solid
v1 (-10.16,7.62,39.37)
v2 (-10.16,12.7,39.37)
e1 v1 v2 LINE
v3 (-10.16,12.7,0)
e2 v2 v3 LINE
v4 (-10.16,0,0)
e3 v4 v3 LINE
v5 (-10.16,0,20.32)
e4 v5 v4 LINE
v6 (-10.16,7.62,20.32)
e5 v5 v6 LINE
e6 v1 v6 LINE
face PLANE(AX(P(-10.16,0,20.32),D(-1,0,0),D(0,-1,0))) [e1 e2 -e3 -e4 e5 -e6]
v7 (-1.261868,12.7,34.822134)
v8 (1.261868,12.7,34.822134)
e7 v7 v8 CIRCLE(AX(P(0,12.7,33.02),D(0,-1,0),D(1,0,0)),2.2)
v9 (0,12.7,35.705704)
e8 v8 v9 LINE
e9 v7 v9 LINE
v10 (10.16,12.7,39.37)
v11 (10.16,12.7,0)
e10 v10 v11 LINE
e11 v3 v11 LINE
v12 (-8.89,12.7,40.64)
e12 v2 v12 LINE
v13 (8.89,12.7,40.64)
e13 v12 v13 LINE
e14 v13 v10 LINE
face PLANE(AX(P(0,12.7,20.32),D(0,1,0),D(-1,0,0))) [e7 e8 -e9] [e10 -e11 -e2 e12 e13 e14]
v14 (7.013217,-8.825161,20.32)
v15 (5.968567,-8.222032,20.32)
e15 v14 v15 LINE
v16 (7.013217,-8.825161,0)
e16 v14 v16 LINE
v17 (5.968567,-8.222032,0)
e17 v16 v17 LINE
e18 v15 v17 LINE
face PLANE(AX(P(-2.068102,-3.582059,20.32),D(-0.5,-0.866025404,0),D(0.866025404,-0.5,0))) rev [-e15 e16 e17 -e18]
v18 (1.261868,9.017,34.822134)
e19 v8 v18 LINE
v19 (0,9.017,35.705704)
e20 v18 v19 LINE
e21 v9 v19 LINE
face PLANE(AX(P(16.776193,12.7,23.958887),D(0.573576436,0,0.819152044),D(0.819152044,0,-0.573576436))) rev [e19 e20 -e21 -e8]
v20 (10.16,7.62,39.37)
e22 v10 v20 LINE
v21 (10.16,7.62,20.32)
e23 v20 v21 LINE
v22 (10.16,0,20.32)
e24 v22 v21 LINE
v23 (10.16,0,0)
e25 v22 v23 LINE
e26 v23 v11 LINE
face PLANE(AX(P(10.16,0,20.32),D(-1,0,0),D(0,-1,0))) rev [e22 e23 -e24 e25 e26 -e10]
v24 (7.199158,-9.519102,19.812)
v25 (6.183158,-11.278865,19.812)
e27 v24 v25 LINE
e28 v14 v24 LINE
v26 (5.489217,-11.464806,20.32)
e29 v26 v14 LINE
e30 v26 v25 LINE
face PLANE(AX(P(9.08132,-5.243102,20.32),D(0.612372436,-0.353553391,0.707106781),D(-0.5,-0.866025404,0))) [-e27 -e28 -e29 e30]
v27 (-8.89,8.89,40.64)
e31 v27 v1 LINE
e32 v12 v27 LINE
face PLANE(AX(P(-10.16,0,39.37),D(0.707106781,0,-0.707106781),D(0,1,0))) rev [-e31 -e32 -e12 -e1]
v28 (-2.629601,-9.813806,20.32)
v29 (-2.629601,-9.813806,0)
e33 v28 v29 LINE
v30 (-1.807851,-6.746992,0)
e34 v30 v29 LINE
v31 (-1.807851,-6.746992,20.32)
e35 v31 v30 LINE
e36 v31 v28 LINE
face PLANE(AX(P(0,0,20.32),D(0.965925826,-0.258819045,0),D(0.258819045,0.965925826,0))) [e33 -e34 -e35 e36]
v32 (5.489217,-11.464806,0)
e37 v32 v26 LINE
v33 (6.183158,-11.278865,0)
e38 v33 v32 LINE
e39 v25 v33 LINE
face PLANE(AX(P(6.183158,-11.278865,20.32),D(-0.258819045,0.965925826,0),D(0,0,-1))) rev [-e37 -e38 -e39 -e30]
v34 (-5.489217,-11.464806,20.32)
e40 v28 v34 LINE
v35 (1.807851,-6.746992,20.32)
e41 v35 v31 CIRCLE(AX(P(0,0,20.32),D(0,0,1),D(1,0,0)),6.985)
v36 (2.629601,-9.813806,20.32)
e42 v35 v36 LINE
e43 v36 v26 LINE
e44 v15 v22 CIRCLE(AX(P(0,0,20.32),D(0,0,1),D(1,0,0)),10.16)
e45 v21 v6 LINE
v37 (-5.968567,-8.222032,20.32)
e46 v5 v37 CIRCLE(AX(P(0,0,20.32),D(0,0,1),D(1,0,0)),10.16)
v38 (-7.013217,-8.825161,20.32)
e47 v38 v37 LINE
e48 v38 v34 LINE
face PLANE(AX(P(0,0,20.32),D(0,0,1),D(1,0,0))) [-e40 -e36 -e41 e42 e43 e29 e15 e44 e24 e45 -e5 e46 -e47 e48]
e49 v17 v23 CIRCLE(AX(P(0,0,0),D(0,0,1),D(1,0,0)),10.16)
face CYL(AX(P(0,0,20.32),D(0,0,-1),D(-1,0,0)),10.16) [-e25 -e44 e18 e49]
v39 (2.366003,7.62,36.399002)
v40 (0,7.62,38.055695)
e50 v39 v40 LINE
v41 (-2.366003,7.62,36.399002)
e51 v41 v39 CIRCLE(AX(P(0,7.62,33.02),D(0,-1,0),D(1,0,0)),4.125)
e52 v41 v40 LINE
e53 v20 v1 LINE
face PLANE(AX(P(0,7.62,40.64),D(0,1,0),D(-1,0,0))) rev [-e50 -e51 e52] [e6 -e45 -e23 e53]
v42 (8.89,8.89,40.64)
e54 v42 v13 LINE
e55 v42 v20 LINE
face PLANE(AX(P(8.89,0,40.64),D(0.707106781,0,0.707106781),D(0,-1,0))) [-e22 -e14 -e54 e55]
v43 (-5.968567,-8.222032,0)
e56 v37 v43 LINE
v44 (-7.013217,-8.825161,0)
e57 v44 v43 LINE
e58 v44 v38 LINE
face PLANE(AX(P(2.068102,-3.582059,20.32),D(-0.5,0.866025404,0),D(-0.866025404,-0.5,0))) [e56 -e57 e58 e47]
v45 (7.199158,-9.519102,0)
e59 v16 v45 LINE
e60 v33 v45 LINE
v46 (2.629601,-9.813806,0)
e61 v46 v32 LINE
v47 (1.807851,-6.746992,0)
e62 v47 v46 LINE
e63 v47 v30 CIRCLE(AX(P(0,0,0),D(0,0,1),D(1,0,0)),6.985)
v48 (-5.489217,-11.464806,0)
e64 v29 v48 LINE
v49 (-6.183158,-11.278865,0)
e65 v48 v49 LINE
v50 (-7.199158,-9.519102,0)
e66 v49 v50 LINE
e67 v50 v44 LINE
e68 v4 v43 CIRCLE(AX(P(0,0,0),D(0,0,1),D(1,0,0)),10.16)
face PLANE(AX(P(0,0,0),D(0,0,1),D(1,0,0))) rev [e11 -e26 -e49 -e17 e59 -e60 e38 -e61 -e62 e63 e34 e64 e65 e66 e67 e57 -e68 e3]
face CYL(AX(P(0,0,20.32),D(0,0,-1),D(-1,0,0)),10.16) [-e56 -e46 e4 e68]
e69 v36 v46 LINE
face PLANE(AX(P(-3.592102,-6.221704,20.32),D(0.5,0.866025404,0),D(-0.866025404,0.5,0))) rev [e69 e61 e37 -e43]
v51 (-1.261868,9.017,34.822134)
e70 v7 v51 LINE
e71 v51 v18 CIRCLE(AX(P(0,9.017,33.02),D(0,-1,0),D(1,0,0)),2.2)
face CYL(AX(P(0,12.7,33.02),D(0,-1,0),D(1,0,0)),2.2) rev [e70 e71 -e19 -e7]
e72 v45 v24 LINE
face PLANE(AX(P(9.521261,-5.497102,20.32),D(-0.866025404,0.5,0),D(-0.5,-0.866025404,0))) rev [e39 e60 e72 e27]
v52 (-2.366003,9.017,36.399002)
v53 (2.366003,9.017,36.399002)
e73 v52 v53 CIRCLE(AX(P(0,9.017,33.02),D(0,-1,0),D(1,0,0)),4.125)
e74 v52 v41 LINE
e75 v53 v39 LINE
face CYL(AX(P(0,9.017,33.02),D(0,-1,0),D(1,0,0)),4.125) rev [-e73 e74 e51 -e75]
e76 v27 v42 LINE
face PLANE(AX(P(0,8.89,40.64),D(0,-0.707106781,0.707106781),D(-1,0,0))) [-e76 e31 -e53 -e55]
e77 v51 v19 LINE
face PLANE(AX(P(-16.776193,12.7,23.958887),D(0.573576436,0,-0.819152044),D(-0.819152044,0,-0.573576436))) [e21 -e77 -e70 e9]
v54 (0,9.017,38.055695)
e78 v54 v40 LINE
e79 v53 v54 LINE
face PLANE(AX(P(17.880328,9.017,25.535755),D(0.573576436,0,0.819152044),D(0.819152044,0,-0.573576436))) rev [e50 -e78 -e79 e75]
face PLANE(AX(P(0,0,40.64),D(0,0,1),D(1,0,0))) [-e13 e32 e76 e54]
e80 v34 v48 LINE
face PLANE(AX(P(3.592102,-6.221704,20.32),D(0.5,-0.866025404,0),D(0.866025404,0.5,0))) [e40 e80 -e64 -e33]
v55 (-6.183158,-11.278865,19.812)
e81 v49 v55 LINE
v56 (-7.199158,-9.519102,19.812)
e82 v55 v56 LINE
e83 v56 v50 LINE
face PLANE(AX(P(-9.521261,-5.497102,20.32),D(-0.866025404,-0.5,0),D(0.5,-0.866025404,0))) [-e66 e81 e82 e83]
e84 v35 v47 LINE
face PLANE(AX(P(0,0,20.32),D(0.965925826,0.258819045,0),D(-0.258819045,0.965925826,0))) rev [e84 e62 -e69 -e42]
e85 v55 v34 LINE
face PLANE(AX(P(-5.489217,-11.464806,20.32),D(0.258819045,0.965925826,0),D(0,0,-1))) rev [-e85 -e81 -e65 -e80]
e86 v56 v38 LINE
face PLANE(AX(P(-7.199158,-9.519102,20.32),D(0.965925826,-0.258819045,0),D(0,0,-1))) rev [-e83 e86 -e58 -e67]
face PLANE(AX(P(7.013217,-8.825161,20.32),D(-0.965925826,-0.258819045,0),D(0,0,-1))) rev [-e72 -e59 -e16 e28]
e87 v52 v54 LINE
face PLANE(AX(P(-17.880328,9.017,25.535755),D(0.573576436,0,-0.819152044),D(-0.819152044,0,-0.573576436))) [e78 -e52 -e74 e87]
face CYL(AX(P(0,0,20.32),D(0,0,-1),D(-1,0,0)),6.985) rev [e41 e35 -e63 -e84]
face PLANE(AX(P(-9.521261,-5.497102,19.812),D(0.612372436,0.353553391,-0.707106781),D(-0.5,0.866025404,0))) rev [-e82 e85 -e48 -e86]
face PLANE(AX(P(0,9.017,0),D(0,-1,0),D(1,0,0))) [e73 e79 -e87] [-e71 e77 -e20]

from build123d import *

# Parameters (mm, degrees)
CLIP_DEPTH        = 20.32
SKETCH1_3_W       = 20.32
SKETCH1_3_H       = 5.08
BACK_DEPTH        = 40.64
HOLE_DEPTH        = 47.139187604
COUNTERBORE_DEPTH = 1.397
CHAMFER1_SIZE     = 1.27
CHAMFER2_SIZE     = 0.508


with BuildPart() as part:
    # Sketch1 → clip (new body)
    with BuildSketch(Plane.XY):
        with BuildLine():
            Line((-2.629601498, -9.813806395), (-1.80785103, -6.746991897))
            ThreePointArc((-1.80785103, -6.746991897), (0, 6.985), (1.80785103, -6.746991897))
            Line((1.80785103, -6.746991897), (2.629601498, -9.813806395))
            Line((2.629601498, -9.813806395), (5.929158287, -11.718806395))
            Line((5.929158287, -11.718806395), (7.453158287, -9.079160964))
            Line((7.453158287, -9.079160964), (5.96856706, -8.22203182))
            ThreePointArc((5.96856706, -8.22203182), (9.051691591, -4.614377459), (10.16, 0))
            Line((10.16, 0), (10.16, 12.7))
            Line((10.16, 12.7), (-10.16, 12.7))
            Line((-10.16, 12.7), (-10.16, 0))
            ThreePointArc((-10.16, 0), (-9.051691591, -4.614377459), (-5.96856706, -8.22203182))
            Line((-5.96856706, -8.22203182), (-7.453158287, -9.079160964))
            Line((-7.453158287, -9.079160964), (-5.929158287, -11.718806395))
            Line((-5.929158287, -11.718806395), (-2.629601498, -9.813806395))
        make_face()
    extrude(amount=CLIP_DEPTH)

    # Sketch1<3> → back (add)
    with BuildSketch(Plane.XY):
        with Locations((0, 10.16)):
            Rectangle(SKETCH1_3_W, SKETCH1_3_H)
    extrude(amount=BACK_DEPTH)

    # Sketch4 → hole (cut, through all)
    with BuildSketch(Plane.XZ.offset(-7.62)):
        with BuildLine():
            Line((1.26186816, 34.822134497), (0, 35.705704095))
            Line((0, 35.705704095), (-1.26186816, 34.822134497))
            ThreePointArc((-1.26186816, 34.822134497), (0, 30.82), (1.26186816, 34.822134497))
        make_face()
    extrude(amount=-HOLE_DEPTH, mode=Mode.SUBTRACT)

    # Sketch4<3> → counterbore (cut)
    with BuildSketch(Plane.XZ.offset(-7.62)):
        with BuildLine():
            Line((2.3660028, 36.399002183), (0, 38.055695179))
            Line((0, 38.055695179), (-2.3660028, 36.399002183))
            ThreePointArc((-2.3660028, 36.399002183), (0, 28.895), (2.3660028, 36.399002183))
        make_face()
        with BuildLine():
            Line((-1.26186816, 34.822134497), (0, 35.705704095))
            Line((0, 35.705704095), (1.26186816, 34.822134497))
            ThreePointArc((1.26186816, 34.822134497), (0, 30.82), (-1.26186816, 34.822134497))
        make_face(mode=Mode.SUBTRACT)
    extrude(amount=-COUNTERBORE_DEPTH, mode=Mode.SUBTRACT)

    # Chamfer1
    chamfer1_edges = [part.edges().sort_by_distance(p)[0] for p in [
        (-10.16, 10.16, 40.64),
        (10.16, 10.16, 40.64),
        (0, 7.62, 40.64),
    ]]
    chamfer(chamfer1_edges, length=CHAMFER1_SIZE)

    # Chamfer2
    chamfer2_edges = [part.edges().sort_by_distance(p)[0] for p in [
        (7.453158287, -9.079160964, 10.16),
        (5.929158287, -11.718806395, 10.16),
        (6.691158287, -10.39898368, 20.32),
        (-7.453158287, -9.079160964, 10.16),
        (-5.929158287, -11.718806395, 10.16),
        (-6.691158287, -10.39898368, 20.32),
    ]]
    chamfer(chamfer2_edges, length=CHAMFER2_SIZE)


solid = part.part
